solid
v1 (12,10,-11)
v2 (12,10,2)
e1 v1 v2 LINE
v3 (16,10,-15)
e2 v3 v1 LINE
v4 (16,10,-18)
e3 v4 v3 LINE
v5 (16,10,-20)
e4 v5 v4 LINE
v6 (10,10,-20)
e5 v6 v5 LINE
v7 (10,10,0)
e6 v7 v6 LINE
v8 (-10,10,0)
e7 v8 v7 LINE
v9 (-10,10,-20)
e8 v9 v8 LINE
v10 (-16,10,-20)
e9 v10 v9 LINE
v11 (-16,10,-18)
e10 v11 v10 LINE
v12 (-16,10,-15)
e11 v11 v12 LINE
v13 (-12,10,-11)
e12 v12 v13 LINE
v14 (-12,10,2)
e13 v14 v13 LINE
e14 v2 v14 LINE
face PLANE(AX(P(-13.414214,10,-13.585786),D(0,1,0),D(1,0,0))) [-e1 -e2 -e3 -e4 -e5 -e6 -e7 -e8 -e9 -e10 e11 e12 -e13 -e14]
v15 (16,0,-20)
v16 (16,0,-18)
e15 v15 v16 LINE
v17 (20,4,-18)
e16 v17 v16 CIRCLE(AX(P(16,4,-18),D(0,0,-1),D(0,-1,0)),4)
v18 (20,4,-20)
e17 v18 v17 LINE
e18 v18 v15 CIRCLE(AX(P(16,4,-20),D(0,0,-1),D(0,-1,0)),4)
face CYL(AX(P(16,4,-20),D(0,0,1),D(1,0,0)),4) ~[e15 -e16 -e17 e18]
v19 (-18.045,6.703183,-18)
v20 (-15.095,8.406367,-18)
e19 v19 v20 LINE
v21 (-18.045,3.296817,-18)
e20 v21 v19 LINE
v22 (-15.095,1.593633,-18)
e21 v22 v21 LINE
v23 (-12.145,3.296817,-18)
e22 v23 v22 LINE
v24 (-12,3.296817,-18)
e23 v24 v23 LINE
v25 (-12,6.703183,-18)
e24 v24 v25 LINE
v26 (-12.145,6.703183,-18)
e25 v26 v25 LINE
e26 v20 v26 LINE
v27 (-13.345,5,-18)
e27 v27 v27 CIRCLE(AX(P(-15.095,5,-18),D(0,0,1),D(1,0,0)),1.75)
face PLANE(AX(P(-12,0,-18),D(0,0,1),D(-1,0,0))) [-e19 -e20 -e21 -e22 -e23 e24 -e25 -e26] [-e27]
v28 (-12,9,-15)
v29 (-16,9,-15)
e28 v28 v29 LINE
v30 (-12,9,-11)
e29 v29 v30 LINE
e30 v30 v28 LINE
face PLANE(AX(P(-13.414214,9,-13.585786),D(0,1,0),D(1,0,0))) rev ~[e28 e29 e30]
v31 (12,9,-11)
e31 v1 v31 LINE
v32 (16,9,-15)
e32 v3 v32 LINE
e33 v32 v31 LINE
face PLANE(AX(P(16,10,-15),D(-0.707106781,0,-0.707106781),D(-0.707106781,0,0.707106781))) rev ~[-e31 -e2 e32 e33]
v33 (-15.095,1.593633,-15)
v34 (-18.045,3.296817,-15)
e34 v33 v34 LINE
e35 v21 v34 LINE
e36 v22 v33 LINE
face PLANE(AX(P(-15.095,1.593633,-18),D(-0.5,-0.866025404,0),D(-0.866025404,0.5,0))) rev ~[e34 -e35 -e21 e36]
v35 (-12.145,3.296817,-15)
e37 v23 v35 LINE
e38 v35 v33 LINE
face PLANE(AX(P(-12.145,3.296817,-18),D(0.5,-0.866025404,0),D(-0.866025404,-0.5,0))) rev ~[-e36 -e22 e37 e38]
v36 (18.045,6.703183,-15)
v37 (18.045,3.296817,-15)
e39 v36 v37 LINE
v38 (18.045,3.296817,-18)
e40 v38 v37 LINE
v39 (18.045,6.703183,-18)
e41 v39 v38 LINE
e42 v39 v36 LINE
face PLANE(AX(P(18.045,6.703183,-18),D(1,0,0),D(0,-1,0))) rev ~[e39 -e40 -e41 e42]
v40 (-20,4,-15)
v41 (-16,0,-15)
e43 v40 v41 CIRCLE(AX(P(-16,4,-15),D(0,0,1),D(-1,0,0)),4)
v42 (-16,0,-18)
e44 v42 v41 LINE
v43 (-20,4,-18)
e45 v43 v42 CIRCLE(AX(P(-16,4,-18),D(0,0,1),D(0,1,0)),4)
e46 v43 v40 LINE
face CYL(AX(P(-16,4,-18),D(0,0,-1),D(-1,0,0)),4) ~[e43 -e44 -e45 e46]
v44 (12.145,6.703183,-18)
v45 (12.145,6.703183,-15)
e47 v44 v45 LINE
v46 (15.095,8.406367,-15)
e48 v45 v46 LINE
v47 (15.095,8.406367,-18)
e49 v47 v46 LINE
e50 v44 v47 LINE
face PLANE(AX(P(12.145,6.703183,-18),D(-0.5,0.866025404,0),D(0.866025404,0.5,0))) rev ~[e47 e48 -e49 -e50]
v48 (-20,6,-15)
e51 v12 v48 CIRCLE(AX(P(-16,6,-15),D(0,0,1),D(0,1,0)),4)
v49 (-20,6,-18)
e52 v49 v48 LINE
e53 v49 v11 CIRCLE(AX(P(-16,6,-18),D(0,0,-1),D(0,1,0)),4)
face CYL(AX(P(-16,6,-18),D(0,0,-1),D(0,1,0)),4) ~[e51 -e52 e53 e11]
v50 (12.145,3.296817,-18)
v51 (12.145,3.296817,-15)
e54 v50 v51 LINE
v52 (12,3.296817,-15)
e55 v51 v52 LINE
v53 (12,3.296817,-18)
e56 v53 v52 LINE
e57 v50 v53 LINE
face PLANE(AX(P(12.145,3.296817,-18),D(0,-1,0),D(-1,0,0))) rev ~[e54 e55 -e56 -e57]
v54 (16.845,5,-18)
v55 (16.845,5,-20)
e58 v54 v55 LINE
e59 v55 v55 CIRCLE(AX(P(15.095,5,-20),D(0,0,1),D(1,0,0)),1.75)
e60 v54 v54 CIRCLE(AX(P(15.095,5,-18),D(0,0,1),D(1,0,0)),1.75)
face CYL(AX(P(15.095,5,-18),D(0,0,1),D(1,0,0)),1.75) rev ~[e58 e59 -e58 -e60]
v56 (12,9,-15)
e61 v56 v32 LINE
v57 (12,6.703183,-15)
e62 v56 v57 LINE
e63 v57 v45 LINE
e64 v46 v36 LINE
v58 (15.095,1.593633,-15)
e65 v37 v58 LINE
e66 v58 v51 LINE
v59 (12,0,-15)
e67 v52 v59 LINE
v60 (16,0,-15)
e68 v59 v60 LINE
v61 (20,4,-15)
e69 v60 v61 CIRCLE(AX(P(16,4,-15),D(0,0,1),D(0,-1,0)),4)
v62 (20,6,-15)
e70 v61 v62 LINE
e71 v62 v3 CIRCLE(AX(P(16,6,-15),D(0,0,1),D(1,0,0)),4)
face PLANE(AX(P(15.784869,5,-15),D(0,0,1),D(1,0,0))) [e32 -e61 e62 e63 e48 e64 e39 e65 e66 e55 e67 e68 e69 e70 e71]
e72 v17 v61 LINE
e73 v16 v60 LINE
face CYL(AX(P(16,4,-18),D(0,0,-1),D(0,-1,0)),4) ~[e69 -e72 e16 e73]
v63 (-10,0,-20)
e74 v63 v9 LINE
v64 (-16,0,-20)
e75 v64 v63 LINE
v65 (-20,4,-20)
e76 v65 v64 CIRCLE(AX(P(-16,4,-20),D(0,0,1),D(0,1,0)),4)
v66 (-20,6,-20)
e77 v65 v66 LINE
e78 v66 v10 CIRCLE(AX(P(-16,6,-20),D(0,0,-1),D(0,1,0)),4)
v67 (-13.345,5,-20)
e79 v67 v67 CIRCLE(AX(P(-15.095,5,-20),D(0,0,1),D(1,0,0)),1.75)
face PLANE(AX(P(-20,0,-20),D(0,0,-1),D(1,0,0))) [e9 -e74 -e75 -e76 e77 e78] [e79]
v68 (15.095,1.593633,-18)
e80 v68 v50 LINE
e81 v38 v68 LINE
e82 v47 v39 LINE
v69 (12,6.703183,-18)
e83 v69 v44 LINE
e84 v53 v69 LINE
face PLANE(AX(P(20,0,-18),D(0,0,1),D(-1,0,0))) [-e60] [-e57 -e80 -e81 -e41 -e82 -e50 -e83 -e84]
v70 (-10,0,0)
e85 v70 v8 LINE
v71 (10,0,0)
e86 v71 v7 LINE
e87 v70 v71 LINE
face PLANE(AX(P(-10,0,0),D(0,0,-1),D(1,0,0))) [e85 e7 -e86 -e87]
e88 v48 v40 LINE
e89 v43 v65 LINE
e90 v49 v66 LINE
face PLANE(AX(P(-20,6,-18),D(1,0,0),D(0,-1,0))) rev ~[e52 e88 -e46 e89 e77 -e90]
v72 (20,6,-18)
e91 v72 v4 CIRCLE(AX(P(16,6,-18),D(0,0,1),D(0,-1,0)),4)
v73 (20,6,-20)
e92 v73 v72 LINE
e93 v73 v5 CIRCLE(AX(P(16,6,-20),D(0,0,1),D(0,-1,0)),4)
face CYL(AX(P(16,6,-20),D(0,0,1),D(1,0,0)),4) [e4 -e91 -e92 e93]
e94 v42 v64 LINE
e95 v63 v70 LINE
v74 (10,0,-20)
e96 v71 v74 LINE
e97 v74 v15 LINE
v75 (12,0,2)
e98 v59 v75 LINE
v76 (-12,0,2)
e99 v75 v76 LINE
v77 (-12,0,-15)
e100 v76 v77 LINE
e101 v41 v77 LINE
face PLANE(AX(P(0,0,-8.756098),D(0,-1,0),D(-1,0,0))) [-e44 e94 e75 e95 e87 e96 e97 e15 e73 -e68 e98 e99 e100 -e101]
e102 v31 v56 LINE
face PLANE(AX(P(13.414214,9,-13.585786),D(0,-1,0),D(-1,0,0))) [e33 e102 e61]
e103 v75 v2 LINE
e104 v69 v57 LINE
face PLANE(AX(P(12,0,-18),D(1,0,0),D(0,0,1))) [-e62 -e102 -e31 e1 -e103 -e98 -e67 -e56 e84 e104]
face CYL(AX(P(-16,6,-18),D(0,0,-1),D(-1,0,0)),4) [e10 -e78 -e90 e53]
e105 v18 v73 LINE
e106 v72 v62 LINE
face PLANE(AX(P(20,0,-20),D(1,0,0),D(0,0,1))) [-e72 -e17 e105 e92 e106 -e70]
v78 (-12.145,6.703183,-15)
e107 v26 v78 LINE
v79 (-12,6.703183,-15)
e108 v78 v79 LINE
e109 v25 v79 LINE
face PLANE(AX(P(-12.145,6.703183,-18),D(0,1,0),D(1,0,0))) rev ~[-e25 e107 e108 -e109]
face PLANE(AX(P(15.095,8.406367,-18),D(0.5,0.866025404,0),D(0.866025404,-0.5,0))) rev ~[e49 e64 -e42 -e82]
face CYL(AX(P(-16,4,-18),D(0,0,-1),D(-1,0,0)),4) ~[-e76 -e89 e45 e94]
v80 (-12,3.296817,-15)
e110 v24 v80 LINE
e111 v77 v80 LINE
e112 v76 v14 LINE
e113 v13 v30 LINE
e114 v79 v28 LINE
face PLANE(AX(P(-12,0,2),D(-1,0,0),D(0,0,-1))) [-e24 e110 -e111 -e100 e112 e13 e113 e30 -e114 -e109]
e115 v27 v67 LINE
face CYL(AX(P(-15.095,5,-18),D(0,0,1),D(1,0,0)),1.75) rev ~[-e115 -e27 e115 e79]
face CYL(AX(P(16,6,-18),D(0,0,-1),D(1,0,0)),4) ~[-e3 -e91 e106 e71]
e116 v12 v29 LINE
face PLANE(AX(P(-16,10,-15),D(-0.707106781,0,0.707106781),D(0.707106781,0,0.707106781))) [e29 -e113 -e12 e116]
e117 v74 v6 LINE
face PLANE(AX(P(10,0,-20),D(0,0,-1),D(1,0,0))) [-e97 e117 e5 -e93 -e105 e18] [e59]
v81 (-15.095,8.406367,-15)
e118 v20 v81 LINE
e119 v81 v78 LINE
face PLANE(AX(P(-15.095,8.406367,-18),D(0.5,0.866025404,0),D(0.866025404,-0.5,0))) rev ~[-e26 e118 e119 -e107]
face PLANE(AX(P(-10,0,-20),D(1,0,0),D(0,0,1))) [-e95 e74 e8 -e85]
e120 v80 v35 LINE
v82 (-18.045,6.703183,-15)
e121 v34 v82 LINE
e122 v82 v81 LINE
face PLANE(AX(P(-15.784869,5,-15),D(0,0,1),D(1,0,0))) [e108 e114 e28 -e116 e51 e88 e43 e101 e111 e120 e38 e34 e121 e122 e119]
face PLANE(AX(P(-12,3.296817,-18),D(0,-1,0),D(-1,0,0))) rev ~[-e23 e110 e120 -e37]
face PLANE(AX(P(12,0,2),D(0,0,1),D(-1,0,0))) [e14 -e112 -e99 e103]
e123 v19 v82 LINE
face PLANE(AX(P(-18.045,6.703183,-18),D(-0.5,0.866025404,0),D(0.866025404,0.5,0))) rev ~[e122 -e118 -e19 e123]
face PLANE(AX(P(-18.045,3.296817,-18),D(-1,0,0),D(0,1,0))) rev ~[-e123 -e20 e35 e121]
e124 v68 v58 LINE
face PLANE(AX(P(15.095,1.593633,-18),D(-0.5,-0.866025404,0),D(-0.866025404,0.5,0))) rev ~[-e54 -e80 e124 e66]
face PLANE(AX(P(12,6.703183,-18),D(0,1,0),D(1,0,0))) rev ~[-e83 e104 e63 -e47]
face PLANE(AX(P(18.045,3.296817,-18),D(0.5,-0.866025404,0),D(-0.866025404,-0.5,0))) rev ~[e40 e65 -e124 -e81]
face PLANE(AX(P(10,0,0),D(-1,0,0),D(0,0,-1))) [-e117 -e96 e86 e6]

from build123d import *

# Parameters (mm, degrees)
EXTRUDE_1_DEPTH     = 10
FILLET_1_R          = 4
EXTRUDE_2_DEPTH     = 3
SKETCH_3_R          = 1.75
CUT_EXTRUDE_1_DEPTH = 3
EXTRUDE_3_DEPTH     = 1


with BuildPart() as part:
    # Эскиз1 → Бобышка-Вытянуть1 (new body)
    with BuildSketch(Plane(origin=(0, 0, 0), x_dir=(1, 0, 0), z_dir=(0, 1, 0))):
        Polygon((-10, 0), (10, 0), (10, 20), (20, 20), (20, 18), (12, 18), (12, -2), (-12, -2), (-12, 18), (-20, 18), (-20, 20), (-10, 20), align=None)
    extrude(amount=EXTRUDE_1_DEPTH)

    # Скругление1
    fillet_1_edges = [part.edges().sort_by_distance(p)[0] for p in [
        (20, 0, -19),
        (-20, 0, -19),
        (-20, 10, -19),
        (20, 10, -19),
    ]]
    fillet(fillet_1_edges, radius=FILLET_1_R)

    # Эскиз2 → Бобышка-Вытянуть2 (add)
    with BuildSketch(Plane.XY.offset(-18)):
        with BuildLine():
            Line((-12.145, 6.703183294), (-12, 6.703183294))
            Line((-12, 6.703183294), (-12, 10))
            Line((-12, 10), (-16, 10))
            ThreePointArc((-16, 10), (-18.828427125, 8.828427125), (-20, 6))
            Line((-20, 6), (-20, 4))
            ThreePointArc((-20, 4), (-18.828427125, 1.171572875), (-16, 0))
            Line((-16, 0), (-12, 0))
            Line((-12, 0), (-12, 3.296816706))
            Line((-12, 3.296816706), (-12.145, 3.296816706))
            Line((-12.145, 3.296816706), (-15.095, 1.593633412))
            Line((-15.095, 1.593633412), (-18.045, 3.296816706))
            Line((-18.045, 3.296816706), (-18.045, 6.703183294))
            Line((-18.045, 6.703183294), (-15.095, 8.406366588))
            Line((-15.095, 8.406366588), (-12.145, 6.703183294))
        make_face()
        with BuildLine():
            Line((20, 4), (20, 6))
            ThreePointArc((20, 6), (18.828427125, 8.828427125), (16, 10))
            Line((16, 10), (12, 10))
            Line((12, 10), (12, 6.703183294))
            Line((12, 6.703183294), (12.145, 6.703183294))
            Line((12.145, 6.703183294), (15.095, 8.406366588))
            Line((15.095, 8.406366588), (18.045, 6.703183294))
            Line((18.045, 6.703183294), (18.045, 3.296816706))
            Line((18.045, 3.296816706), (15.095, 1.593633412))
            Line((15.095, 1.593633412), (12.145, 3.296816706))
            Line((12.145, 3.296816706), (12, 3.296816706))
            Line((12, 3.296816706), (12, 0))
            Line((12, 0), (16, 0))
            ThreePointArc((16, 0), (18.828427125, 1.171572875), (20, 4))
        make_face()
    extrude(amount=EXTRUDE_2_DEPTH)

    # Эскиз3 → Вырез-Вытянуть1 (cut, through all)
    with BuildSketch(Plane.XY.offset(-18)):
        with Locations((-15.095, 5)):
            Circle(SKETCH_3_R)
        with Locations((15.095, 5)):
            Circle(SKETCH_3_R)
    extrude(amount=-CUT_EXTRUDE_1_DEPTH, mode=Mode.SUBTRACT)

    # Эскиз4 → Бобышка-Вытянуть3 (add)
    with BuildSketch(Plane(origin=(0, 10, 0), x_dir=(1, 0, 0), z_dir=(0, 1, 0))):
        Polygon((-16, 15), (-12, 11), (-12, 15), align=None)
        Polygon((12, 15), (16, 15), (12, 11), align=None)
    extrude(amount=-EXTRUDE_3_DEPTH)


solid = part.part
